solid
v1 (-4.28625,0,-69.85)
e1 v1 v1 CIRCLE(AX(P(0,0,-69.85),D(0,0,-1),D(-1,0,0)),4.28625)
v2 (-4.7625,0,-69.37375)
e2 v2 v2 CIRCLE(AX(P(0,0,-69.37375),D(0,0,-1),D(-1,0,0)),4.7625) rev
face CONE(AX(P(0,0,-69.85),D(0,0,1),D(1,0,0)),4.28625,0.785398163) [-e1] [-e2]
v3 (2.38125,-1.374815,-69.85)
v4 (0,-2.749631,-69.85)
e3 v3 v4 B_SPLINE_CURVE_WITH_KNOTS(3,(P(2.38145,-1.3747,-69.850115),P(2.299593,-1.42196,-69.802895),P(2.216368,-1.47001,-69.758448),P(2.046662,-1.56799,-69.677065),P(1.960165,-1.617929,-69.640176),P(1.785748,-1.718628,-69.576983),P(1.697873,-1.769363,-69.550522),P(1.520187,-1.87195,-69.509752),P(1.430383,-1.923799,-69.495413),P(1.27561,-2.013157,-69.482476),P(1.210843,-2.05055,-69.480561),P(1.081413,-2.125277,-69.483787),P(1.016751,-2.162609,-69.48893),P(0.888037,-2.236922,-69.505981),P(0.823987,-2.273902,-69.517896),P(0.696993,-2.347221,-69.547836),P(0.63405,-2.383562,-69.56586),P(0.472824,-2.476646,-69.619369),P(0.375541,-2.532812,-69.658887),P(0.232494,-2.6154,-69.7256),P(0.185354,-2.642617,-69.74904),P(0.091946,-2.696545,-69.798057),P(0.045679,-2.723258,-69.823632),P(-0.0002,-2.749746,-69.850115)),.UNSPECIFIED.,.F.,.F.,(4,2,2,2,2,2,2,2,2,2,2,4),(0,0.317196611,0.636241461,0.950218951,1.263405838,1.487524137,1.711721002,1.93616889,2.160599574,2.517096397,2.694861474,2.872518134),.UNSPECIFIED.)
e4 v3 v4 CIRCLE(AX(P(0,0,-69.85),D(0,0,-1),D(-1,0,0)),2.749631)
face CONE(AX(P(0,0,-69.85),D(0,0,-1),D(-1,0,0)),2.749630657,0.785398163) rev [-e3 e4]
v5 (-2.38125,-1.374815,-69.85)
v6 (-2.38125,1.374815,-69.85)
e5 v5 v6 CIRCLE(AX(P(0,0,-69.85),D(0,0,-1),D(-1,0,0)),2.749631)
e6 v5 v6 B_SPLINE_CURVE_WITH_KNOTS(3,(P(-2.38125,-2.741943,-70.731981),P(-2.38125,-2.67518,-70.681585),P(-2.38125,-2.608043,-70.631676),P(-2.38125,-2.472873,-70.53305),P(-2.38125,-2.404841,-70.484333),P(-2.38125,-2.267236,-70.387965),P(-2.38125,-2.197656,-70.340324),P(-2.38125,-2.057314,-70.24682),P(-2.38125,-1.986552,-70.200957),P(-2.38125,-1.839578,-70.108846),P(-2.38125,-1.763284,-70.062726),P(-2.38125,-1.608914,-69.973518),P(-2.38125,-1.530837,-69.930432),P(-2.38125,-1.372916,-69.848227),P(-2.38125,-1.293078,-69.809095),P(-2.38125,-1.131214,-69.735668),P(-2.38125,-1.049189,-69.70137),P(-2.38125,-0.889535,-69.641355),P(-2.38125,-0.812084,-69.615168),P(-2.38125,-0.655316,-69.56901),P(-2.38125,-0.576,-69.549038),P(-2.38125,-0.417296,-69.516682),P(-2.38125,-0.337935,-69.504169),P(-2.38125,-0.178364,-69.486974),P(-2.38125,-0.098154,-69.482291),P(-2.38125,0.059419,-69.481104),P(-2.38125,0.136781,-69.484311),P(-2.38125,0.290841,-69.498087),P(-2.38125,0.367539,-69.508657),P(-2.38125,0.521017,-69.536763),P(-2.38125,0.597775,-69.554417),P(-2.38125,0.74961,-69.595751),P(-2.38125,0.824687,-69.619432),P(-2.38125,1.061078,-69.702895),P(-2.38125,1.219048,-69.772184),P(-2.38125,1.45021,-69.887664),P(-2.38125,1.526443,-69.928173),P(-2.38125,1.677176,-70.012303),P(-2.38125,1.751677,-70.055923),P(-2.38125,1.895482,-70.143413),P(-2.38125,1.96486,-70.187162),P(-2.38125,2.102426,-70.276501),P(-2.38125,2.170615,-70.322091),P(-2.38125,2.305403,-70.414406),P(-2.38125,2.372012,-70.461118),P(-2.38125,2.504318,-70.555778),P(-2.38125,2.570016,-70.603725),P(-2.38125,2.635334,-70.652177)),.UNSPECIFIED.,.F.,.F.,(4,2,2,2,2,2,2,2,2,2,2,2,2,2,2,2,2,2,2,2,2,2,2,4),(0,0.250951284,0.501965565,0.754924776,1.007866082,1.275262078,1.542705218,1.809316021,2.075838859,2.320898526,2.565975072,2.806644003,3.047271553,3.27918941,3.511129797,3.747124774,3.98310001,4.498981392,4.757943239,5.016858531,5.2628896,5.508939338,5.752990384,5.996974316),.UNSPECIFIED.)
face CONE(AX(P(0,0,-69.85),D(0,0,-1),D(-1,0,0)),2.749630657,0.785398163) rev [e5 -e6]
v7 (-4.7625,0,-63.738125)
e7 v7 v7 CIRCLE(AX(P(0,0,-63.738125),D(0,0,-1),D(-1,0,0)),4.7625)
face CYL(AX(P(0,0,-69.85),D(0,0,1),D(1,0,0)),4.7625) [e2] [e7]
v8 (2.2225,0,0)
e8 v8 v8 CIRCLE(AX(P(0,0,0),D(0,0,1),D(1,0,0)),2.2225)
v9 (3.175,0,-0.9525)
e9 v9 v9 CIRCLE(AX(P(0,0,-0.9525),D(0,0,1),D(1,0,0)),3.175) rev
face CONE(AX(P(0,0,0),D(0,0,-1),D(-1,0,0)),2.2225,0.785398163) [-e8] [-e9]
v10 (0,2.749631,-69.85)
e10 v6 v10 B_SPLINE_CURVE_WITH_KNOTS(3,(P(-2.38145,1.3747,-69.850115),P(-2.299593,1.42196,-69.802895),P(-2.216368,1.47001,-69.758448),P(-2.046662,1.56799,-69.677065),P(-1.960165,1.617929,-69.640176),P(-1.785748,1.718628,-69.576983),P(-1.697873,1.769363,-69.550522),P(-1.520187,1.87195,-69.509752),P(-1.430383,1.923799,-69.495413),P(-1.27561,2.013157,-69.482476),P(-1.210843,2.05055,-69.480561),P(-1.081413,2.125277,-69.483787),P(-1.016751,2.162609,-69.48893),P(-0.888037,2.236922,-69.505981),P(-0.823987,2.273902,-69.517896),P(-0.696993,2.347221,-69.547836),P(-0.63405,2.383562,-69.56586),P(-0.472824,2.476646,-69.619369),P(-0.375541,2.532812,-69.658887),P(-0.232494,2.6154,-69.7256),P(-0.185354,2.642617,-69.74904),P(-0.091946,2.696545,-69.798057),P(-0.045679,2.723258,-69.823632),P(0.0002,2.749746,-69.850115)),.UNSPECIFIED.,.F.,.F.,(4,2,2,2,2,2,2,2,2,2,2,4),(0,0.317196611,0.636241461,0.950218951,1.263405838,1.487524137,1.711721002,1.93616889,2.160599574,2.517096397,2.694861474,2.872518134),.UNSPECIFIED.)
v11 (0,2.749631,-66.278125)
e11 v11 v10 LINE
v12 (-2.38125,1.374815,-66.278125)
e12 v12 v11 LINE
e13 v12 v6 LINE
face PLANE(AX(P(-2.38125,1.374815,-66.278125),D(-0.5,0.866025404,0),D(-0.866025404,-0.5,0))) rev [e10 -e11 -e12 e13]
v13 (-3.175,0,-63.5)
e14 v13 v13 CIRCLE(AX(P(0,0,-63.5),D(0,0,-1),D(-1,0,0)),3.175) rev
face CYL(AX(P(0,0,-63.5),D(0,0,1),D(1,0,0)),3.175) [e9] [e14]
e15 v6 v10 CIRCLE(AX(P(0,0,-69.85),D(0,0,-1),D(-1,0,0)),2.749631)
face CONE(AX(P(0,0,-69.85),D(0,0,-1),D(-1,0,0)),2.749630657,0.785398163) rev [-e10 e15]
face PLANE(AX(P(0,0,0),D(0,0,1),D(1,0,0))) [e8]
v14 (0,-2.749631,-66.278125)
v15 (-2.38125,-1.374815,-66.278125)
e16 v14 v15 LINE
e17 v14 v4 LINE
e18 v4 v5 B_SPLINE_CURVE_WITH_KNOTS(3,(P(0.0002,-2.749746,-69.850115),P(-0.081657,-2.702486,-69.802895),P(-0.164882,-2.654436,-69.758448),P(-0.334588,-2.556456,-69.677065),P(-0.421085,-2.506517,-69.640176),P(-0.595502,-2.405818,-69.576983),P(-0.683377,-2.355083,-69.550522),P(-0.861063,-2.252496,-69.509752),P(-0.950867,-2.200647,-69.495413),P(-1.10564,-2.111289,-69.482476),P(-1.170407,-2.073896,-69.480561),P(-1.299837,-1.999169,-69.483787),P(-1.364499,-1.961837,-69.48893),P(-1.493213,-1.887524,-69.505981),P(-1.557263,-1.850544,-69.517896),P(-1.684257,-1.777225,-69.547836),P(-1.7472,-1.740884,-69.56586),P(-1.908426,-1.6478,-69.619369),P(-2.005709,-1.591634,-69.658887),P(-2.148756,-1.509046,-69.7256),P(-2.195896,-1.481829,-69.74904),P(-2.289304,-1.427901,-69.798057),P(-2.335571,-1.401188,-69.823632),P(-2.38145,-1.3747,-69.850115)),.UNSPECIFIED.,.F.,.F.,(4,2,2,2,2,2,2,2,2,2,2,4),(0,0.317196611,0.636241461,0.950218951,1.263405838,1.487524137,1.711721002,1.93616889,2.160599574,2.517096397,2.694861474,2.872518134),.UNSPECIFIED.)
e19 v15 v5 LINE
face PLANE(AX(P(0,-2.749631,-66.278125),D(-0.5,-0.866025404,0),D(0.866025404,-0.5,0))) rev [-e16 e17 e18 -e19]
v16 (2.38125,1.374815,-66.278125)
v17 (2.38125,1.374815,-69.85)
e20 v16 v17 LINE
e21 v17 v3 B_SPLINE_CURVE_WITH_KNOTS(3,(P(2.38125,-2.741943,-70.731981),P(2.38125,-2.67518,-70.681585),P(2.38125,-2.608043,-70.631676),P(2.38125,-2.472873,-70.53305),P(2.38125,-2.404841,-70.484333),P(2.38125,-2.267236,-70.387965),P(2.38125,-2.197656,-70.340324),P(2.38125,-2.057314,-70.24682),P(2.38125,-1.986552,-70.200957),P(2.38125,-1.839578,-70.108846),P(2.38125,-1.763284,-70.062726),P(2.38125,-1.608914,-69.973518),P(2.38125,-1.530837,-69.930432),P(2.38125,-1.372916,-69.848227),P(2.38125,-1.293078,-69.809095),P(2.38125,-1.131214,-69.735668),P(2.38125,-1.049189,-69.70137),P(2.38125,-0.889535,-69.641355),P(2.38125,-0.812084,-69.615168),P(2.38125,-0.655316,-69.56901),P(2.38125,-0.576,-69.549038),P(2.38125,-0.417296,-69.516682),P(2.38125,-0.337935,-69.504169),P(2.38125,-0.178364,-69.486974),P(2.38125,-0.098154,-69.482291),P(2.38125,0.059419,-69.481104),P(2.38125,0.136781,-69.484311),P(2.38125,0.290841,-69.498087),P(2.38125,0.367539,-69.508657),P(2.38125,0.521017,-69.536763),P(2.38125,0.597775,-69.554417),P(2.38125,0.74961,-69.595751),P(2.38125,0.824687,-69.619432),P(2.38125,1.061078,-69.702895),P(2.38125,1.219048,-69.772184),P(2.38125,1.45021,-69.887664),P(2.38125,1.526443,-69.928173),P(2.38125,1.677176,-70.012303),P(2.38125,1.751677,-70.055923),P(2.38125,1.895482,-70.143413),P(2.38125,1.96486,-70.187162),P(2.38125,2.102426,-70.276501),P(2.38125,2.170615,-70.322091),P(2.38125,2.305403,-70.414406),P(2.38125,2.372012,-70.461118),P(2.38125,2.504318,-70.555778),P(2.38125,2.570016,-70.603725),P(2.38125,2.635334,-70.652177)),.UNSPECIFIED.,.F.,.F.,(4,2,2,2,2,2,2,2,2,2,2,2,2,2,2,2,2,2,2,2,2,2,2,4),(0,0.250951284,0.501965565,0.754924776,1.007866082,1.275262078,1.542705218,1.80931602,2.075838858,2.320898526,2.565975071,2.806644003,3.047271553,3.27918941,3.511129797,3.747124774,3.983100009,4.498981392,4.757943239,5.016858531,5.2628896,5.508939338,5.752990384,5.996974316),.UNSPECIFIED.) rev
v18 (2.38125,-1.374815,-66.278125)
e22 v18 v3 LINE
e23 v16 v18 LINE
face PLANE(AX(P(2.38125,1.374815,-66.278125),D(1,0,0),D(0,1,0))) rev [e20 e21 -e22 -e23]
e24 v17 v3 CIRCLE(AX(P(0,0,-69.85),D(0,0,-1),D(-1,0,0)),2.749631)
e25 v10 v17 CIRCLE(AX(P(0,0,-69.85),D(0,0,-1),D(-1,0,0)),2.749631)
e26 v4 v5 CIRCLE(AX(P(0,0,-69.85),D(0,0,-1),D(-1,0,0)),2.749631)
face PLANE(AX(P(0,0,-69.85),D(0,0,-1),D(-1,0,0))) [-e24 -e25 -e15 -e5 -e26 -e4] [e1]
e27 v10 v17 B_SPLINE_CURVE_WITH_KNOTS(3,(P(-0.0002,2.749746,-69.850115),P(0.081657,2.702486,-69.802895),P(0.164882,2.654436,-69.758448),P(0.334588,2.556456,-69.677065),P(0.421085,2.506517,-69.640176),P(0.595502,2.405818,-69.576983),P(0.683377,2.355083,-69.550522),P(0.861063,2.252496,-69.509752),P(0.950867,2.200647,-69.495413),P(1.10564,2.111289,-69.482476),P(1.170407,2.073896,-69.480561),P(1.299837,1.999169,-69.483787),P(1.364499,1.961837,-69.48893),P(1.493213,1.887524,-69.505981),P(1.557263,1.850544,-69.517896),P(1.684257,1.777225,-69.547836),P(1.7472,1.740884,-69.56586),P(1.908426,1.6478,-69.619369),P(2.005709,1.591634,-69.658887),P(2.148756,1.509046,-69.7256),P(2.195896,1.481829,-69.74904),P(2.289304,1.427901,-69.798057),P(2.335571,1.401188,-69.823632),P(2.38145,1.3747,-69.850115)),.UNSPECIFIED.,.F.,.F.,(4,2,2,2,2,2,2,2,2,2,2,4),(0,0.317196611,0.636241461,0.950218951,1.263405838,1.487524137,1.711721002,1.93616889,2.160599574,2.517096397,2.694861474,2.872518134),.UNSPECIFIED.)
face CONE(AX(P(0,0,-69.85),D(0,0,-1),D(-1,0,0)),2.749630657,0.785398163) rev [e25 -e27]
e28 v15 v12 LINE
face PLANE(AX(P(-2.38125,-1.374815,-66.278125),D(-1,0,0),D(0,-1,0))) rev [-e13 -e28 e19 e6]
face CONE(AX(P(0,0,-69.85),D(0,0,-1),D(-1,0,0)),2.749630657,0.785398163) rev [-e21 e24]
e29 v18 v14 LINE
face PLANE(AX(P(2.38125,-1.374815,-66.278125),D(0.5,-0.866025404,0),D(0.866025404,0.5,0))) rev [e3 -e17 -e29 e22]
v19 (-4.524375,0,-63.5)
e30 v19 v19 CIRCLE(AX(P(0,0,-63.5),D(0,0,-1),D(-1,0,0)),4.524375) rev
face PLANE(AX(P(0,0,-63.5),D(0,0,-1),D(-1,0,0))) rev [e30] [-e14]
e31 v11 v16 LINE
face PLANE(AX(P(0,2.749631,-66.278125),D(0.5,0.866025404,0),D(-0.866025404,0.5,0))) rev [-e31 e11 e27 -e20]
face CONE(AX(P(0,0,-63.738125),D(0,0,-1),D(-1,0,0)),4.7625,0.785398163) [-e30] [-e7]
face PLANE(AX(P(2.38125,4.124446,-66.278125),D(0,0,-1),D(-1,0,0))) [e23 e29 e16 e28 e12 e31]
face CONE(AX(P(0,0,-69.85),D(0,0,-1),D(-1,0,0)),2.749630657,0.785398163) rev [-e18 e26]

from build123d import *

# Parameters (mm, degrees)
SKETCH1_R          = 3.175
EXTRUDE1_DEPTH     = 63.5
CHAMFER3_SIZE      = 0.9525
SKETCH6_R          = 4.7625
EXTRUDE2_DEPTH     = 6.35
CUT_EXTRUDE1_DEPTH = 3.571875
CHAMFER1_SIZE      = 0.47625
CHAMFER2_SIZE      = 0.238125


with BuildPart() as part:
    # Sketch1 → Extrude1 (new body)
    with BuildSketch(Plane.XY):
        Circle(SKETCH1_R)
    extrude(amount=-EXTRUDE1_DEPTH)

    # Chamfer3
    chamfer3_edges = [part.edges().sort_by_distance(p)[0] for p in [
        (-3.175, 0, 0),
    ]]
    chamfer(chamfer3_edges, length=CHAMFER3_SIZE)

    # Sketch6 → Extrude2 (add)
    with BuildSketch(Plane(origin=(0, 0, -63.5), x_dir=(-1, 0, 0), z_dir=(0, 0, -1))):
        Circle(SKETCH6_R)
    extrude(amount=EXTRUDE2_DEPTH)

    # Sketch7 → Cut-Extrude1 (cut)
    with BuildSketch(Plane(origin=(0, 0, -69.85), x_dir=(-1, 0, 0), z_dir=(0, 0, -1))):
        Polygon((0, 2.749630657), (-2.38125, 1.374815329), (-2.38125, -1.374815329), (0, -2.749630657), (2.38125, -1.374815329), (2.38125, 1.374815329), align=None)
    extrude(amount=-CUT_EXTRUDE1_DEPTH, mode=Mode.SUBTRACT)

    # Cut-Extrude2 cone 1 section (through the dimple's axis) → Cut-Extrude2 (revolve, cut)
    with BuildSketch(Plane(origin=(0, 0, -69.85), x_dir=(0, 1, 0), z_dir=(1, 0, 0))):
        Polygon((0, 0), (2.749630657, 0), (0, 2.749630657), align=None)
    revolve(axis=Axis((0, 0, -69.85), (0, 0, 1)), mode=Mode.SUBTRACT)

    # Chamfer1
    chamfer1_edges = [part.edges().sort_by_distance(p)[0] for p in [
        (4.7625, 0, -69.85),
    ]]
    chamfer(chamfer1_edges, length=CHAMFER1_SIZE)

    # Chamfer2
    chamfer2_edges = [part.edges().sort_by_distance(p)[0] for p in [
        (4.7625, 0, -63.5),
    ]]
    chamfer(chamfer2_edges, length=CHAMFER2_SIZE)


solid = part.part
